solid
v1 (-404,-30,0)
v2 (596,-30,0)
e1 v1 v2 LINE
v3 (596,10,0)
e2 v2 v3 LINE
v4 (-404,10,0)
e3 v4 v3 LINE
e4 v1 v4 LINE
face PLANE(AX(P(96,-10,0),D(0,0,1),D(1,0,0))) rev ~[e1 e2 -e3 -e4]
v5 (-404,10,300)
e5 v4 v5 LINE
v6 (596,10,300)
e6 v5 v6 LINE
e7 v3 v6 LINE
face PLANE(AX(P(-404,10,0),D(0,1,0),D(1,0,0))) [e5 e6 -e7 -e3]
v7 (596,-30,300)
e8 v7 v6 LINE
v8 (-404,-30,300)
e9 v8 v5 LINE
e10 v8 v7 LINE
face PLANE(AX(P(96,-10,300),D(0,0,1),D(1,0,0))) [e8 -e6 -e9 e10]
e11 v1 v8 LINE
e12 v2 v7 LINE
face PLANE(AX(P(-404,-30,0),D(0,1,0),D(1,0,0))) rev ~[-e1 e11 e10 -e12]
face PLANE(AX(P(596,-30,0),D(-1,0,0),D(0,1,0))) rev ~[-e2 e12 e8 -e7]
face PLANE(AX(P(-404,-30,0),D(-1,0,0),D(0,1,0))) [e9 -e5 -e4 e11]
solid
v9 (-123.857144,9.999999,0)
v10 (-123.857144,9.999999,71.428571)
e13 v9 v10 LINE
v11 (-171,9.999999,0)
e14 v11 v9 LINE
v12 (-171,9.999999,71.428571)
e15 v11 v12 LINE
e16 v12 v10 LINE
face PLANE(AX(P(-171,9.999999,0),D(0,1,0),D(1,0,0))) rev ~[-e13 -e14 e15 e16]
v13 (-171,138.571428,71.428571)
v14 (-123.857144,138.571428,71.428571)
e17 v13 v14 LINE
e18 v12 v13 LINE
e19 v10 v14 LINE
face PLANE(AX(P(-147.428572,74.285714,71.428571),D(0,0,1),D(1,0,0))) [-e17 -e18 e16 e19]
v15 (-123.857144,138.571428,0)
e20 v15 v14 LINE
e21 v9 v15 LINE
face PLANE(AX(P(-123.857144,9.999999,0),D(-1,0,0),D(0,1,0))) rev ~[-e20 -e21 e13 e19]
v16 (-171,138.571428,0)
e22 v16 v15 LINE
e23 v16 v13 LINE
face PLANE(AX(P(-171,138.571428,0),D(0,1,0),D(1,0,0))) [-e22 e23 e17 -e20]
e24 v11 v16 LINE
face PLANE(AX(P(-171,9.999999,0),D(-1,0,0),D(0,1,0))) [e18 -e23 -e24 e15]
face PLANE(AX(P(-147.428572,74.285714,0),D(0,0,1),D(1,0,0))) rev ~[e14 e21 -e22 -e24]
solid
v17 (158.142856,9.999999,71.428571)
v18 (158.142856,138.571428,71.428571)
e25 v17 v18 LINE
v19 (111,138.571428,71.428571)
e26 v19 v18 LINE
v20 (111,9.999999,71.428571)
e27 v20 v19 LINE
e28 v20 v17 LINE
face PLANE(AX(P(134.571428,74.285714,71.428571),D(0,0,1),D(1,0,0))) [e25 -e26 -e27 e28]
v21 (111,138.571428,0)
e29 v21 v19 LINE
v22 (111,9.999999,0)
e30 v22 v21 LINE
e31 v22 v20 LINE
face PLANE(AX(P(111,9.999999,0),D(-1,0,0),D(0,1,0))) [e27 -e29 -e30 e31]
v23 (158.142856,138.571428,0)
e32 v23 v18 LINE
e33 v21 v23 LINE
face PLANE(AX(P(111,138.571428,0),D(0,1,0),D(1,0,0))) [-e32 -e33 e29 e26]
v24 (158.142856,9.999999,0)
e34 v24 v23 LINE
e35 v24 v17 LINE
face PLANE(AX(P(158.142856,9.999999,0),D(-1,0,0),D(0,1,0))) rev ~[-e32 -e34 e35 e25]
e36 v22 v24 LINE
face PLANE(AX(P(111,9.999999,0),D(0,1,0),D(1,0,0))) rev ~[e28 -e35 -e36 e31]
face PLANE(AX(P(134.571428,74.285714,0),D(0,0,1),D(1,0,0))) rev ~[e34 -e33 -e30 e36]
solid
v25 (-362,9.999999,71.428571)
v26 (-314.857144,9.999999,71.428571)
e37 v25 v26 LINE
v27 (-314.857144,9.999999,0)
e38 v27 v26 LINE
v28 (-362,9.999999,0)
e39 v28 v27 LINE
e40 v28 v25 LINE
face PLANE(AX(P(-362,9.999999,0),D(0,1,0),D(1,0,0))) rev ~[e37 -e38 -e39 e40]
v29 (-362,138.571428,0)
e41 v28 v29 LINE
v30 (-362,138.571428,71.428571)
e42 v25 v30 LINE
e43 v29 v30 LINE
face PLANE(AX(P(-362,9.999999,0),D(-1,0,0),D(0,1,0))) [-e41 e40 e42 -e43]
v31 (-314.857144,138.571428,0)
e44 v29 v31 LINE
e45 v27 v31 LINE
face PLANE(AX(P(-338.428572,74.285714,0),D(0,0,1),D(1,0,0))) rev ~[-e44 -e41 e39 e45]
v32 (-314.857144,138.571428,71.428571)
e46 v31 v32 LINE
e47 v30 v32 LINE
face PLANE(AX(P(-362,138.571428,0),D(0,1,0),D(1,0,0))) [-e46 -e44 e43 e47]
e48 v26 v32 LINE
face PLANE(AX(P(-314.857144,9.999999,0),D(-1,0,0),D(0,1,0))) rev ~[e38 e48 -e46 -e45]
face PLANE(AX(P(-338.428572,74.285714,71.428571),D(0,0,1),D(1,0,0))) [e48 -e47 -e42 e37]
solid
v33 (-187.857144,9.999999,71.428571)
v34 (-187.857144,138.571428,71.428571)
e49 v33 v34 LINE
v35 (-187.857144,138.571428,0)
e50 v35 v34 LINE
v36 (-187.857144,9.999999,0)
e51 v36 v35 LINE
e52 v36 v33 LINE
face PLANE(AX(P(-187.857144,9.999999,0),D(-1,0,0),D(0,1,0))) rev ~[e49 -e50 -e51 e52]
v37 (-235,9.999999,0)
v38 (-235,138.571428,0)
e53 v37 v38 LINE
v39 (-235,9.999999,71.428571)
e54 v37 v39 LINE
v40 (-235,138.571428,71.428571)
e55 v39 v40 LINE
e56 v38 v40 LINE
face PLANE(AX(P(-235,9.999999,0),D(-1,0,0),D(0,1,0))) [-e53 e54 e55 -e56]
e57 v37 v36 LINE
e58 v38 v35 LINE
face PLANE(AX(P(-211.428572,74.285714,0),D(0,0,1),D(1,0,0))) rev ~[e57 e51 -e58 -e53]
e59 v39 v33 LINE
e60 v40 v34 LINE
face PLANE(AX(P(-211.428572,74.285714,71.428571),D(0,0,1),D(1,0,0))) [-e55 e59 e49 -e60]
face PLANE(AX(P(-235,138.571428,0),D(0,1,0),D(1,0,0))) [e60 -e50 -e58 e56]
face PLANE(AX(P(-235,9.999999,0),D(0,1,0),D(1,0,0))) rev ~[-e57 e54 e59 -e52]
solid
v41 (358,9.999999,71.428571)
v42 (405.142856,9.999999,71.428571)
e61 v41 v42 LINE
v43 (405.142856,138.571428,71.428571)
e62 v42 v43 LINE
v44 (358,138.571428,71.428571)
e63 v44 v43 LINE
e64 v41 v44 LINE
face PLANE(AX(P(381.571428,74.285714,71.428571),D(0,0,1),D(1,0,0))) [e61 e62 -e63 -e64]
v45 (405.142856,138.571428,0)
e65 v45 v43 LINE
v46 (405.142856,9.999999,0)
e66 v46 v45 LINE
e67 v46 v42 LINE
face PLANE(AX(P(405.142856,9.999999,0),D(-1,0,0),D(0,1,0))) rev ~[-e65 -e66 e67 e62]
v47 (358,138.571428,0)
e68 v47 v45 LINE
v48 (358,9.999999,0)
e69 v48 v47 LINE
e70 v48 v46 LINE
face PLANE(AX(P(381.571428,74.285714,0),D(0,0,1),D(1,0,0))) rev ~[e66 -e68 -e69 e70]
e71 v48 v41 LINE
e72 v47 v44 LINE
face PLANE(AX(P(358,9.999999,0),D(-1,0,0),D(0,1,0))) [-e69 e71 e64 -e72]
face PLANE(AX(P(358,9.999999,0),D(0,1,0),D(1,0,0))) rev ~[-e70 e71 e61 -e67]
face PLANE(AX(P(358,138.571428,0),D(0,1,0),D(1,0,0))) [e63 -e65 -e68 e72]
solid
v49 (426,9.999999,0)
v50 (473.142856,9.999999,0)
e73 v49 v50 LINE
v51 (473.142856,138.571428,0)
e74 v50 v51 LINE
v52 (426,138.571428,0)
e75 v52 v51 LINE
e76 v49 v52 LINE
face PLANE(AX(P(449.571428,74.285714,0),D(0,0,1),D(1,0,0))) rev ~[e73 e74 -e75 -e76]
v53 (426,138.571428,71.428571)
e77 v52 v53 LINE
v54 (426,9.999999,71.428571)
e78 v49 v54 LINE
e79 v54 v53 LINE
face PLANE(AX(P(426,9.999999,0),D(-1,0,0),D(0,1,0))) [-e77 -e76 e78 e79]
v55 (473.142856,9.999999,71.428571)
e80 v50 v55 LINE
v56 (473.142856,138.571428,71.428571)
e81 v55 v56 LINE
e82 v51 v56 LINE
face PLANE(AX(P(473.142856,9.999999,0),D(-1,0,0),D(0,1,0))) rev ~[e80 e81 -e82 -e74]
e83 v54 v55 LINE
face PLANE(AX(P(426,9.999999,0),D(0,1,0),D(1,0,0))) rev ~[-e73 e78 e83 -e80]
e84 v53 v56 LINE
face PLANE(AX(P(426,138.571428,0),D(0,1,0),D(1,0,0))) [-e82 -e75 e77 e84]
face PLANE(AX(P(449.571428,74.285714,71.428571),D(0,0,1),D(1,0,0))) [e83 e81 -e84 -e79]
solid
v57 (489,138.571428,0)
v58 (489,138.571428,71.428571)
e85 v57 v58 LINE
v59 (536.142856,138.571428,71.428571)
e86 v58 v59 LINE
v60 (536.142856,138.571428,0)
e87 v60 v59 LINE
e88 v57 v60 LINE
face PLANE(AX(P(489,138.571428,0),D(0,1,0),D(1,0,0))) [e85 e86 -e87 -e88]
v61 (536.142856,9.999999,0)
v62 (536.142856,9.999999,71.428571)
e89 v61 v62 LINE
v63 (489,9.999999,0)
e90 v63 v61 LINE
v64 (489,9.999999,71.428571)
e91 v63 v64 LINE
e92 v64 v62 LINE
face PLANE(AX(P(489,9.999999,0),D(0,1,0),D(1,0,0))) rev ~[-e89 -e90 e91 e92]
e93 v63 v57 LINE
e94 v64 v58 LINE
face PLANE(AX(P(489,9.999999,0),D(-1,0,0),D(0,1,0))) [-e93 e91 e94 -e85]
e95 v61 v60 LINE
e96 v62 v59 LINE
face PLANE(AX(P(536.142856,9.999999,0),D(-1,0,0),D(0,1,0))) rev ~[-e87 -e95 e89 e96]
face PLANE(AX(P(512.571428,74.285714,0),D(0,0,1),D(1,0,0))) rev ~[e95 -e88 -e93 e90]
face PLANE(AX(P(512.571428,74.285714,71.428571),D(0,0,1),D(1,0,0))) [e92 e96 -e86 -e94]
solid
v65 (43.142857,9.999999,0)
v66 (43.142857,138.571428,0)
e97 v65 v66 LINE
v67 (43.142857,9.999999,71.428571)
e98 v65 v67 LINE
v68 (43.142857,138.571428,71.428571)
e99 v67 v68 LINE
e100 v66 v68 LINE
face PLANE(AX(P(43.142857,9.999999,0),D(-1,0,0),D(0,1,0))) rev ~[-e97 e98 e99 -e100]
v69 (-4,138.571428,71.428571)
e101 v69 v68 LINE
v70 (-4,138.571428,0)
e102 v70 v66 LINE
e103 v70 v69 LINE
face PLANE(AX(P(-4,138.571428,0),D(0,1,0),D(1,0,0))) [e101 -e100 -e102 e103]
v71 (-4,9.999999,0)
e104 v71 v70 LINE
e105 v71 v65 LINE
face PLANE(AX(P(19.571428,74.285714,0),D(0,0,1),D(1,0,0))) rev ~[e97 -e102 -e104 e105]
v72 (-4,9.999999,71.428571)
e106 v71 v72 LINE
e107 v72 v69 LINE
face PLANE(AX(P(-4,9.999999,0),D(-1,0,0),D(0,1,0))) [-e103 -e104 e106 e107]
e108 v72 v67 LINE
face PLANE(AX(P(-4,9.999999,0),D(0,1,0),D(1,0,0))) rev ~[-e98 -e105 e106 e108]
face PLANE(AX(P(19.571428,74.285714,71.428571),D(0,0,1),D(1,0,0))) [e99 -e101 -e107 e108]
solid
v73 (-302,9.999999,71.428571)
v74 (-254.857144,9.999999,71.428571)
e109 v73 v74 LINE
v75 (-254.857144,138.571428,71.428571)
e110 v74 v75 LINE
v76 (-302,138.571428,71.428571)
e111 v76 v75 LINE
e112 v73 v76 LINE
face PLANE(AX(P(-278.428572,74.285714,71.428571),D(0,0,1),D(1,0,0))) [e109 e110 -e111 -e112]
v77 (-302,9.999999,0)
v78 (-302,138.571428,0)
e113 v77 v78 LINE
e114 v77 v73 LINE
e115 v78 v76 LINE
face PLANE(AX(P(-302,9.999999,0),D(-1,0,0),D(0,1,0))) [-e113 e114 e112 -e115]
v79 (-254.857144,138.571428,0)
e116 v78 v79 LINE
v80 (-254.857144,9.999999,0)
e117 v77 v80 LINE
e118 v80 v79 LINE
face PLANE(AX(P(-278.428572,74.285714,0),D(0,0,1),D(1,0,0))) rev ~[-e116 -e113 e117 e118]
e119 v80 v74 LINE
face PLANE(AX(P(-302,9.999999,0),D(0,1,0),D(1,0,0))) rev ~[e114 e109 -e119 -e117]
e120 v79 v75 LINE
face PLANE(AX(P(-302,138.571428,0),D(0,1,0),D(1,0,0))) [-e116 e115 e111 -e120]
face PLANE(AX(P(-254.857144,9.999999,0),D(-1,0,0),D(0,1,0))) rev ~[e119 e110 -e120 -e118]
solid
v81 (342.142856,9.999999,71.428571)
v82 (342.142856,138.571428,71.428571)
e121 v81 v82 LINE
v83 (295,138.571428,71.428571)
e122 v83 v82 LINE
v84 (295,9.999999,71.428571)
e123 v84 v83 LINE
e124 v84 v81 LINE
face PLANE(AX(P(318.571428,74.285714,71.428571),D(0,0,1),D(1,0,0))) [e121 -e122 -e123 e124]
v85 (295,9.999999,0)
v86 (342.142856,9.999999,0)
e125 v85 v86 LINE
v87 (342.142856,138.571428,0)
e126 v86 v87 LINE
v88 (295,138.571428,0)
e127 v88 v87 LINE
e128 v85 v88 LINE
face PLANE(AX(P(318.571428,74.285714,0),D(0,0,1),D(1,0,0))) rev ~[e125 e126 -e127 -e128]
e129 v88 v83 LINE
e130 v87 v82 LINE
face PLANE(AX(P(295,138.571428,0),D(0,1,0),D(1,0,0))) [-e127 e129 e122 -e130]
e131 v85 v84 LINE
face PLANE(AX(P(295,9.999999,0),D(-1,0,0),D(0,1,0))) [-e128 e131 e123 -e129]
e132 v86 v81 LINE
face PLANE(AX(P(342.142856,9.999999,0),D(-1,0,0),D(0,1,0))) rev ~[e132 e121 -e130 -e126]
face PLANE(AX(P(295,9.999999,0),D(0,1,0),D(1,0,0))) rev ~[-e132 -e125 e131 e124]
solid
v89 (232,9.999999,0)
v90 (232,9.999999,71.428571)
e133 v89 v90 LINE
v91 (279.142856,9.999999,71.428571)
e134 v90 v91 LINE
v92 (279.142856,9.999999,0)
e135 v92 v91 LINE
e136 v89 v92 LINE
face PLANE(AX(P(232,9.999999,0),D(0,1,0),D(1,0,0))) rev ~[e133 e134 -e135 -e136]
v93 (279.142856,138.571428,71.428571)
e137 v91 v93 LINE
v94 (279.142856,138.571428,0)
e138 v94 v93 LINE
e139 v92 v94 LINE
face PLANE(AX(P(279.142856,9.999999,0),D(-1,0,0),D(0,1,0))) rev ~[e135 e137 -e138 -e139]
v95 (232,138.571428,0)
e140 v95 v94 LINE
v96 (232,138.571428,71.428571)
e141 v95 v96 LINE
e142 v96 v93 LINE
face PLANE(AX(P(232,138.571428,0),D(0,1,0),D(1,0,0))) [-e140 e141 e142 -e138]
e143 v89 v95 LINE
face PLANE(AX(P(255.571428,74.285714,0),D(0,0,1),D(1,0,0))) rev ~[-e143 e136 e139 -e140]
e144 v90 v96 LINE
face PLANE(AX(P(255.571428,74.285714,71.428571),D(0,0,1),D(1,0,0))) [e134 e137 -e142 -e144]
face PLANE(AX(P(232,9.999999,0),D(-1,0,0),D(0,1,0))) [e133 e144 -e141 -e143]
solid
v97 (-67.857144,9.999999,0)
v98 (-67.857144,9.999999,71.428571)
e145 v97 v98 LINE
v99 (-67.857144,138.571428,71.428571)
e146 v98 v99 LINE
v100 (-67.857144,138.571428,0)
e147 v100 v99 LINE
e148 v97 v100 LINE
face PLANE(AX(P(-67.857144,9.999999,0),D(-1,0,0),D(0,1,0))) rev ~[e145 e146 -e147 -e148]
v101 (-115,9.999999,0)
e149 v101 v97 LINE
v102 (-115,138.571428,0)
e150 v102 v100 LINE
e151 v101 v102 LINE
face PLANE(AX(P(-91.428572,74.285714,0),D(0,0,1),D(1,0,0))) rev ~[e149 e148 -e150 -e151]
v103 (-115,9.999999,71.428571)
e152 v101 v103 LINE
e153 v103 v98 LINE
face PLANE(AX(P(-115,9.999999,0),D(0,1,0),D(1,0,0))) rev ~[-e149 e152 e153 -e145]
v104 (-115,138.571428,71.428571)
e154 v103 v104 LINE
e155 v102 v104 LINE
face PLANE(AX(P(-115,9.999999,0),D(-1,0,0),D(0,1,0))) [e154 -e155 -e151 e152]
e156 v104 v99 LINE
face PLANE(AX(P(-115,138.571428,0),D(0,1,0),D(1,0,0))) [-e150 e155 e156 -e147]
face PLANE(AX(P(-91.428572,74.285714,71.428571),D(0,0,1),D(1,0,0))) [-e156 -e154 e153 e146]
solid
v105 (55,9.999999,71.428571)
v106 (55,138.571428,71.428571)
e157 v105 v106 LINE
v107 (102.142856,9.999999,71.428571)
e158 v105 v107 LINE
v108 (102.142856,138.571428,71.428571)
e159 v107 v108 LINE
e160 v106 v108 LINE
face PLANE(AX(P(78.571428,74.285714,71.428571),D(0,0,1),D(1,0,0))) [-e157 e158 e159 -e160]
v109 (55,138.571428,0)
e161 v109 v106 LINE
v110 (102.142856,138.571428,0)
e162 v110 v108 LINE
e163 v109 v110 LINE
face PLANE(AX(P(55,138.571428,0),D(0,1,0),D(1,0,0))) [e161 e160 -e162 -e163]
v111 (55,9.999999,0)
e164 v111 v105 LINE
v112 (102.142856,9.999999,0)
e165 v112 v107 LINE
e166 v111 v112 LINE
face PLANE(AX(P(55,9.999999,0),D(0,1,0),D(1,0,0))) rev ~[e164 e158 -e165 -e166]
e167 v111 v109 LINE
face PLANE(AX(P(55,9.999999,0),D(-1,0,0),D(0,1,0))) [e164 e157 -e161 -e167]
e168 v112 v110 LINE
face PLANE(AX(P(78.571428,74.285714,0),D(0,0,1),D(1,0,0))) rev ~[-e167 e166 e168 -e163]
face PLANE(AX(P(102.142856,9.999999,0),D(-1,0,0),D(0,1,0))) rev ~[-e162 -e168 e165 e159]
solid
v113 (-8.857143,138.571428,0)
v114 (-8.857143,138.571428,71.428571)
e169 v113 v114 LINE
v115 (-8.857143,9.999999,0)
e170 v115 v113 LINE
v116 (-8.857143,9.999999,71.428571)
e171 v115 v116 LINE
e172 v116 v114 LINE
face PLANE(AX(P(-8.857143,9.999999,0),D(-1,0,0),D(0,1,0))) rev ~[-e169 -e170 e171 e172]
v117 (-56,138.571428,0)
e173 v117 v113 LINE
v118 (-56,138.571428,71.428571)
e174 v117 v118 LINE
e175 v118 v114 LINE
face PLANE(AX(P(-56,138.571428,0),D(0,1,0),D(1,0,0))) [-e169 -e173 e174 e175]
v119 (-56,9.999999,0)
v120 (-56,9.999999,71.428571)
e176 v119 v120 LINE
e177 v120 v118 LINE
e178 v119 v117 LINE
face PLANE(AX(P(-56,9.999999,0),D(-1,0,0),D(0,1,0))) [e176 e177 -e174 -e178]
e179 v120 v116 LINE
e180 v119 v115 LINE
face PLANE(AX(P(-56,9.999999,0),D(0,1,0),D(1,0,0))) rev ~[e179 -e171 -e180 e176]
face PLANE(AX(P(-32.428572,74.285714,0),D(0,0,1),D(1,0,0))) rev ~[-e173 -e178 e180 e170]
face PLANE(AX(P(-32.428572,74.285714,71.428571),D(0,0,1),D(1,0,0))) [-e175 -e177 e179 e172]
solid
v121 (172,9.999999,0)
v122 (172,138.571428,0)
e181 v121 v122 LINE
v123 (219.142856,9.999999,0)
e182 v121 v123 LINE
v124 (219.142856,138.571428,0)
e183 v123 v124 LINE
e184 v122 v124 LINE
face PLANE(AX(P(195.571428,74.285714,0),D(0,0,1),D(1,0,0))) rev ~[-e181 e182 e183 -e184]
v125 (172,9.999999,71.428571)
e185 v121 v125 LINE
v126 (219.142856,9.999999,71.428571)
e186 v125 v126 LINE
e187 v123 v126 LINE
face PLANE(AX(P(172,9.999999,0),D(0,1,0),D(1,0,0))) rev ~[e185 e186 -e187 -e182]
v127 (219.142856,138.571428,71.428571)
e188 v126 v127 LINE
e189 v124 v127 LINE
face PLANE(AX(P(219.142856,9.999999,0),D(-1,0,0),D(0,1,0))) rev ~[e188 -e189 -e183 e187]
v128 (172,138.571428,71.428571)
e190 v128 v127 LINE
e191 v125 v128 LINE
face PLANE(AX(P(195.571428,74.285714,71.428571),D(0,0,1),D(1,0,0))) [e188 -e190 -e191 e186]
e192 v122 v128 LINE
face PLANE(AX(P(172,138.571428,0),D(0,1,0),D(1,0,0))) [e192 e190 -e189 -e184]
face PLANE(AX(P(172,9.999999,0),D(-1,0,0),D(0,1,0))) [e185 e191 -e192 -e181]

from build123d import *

# Parameters (mm, degrees)
BOX_W        = 1000
BOX_H        = 40
BOX_DEPTH    = 300
BOX001_W     = 47.142857
BOX001_H     = 128.571429
BOX001_DEPTH = 71.428571
BOX002_W     = 47.142857
BOX002_H     = 128.571429
BOX002_DEPTH = 71.428571
BOX003_W     = 47.142857
BOX003_H     = 128.571429
BOX003_DEPTH = 71.428571
BOX004_W     = 47.142857
BOX004_H     = 128.571429
BOX004_DEPTH = 71.428571
BOX005_W     = 47.142857
BOX005_H     = 128.571429
BOX005_DEPTH = 71.428571
BOX006_W     = 47.142857
BOX006_H     = 128.571429
BOX006_DEPTH = 71.428571
BOX007_W     = 47.142857
BOX007_H     = 128.571429
BOX007_DEPTH = 71.428571
BOX008_W     = 47.142857
BOX008_H     = 128.571429
BOX008_DEPTH = 71.428571
BOX009_W     = 47.142857
BOX009_H     = 128.571429
BOX009_DEPTH = 71.428571
BOX010_W     = 47.142857
BOX010_H     = 128.571429
BOX010_DEPTH = 71.428571
BOX011_W     = 47.142857
BOX011_H     = 128.571429
BOX011_DEPTH = 71.428571
BOX012_W     = 47.142857
BOX012_H     = 128.571429
BOX012_DEPTH = 71.428571
BOX013_W     = 47.142857
BOX013_H     = 128.571429
BOX013_DEPTH = 71.428571
BOX014_W     = 47.142857
BOX014_H     = 128.571429
BOX014_DEPTH = 71.428571
BOX015_W     = 47.142857
BOX015_H     = 128.571429
BOX015_DEPTH = 71.428571


with BuildPart() as stand:
    # Box → Box (new body)
    with BuildSketch(Plane(origin=(-404, -30, 0), x_dir=(1, 0, 0), z_dir=(0, 0, 1))):
        with Locations((500, 20)):
            Rectangle(BOX_W, BOX_H)
    extrude(amount=BOX_DEPTH)


with BuildPart() as box001:
    # Box001 → Box001 (new body)
    with BuildSketch(Plane(origin=(-362, 10, 0), x_dir=(1, 0, 0), z_dir=(0, 0, 1))):
        with Locations((23.571428, 64.285714)):
            Rectangle(BOX001_W, BOX001_H)
    extrude(amount=BOX001_DEPTH)


with BuildPart() as box002:
    # Box002 → Box002 (new body)
    with BuildSketch(Plane(origin=(-302, 10, 0), x_dir=(1, 0, 0), z_dir=(0, 0, 1))):
        with Locations((23.571428, 64.285714)):
            Rectangle(BOX002_W, BOX002_H)
    extrude(amount=BOX002_DEPTH)


with BuildPart() as box003:
    # Box003 → Box003 (new body)
    with BuildSketch(Plane(origin=(-235, 10, 0), x_dir=(1, 0, 0), z_dir=(0, 0, 1))):
        with Locations((23.571428, 64.285714)):
            Rectangle(BOX003_W, BOX003_H)
    extrude(amount=BOX003_DEPTH)


with BuildPart() as box004:
    # Box004 → Box004 (new body)
    with BuildSketch(Plane(origin=(-171, 10, 0), x_dir=(1, 0, 0), z_dir=(0, 0, 1))):
        with Locations((23.571428, 64.285714)):
            Rectangle(BOX004_W, BOX004_H)
    extrude(amount=BOX004_DEPTH)


with BuildPart() as box005:
    # Box005 → Box005 (new body)
    with BuildSketch(Plane(origin=(-115, 10, 0), x_dir=(1, 0, 0), z_dir=(0, 0, 1))):
        with Locations((23.571428, 64.285714)):
            Rectangle(BOX005_W, BOX005_H)
    extrude(amount=BOX005_DEPTH)


with BuildPart() as box006:
    # Box006 → Box006 (new body)
    with BuildSketch(Plane(origin=(-56, 10, 0), x_dir=(1, 0, 0), z_dir=(0, 0, 1))):
        with Locations((23.571428, 64.285714)):
            Rectangle(BOX006_W, BOX006_H)
    extrude(amount=BOX006_DEPTH)


with BuildPart() as box007:
    # Box007 → Box007 (new body)
    with BuildSketch(Plane(origin=(-4, 10, 0), x_dir=(1, 0, 0), z_dir=(0, 0, 1))):
        with Locations((23.571428, 64.285714)):
            Rectangle(BOX007_W, BOX007_H)
    extrude(amount=BOX007_DEPTH)


with BuildPart() as box008:
    # Box008 → Box008 (new body)
    with BuildSketch(Plane(origin=(55, 10, 0), x_dir=(1, 0, 0), z_dir=(0, 0, 1))):
        with Locations((23.571428, 64.285714)):
            Rectangle(BOX008_W, BOX008_H)
    extrude(amount=BOX008_DEPTH)


with BuildPart() as box009:
    # Box009 → Box009 (new body)
    with BuildSketch(Plane(origin=(111, 10, 0), x_dir=(1, 0, 0), z_dir=(0, 0, 1))):
        with Locations((23.571428, 64.285714)):
            Rectangle(BOX009_W, BOX009_H)
    extrude(amount=BOX009_DEPTH)


with BuildPart() as box010:
    # Box010 → Box010 (new body)
    with BuildSketch(Plane(origin=(172, 10, 0), x_dir=(1, 0, 0), z_dir=(0, 0, 1))):
        with Locations((23.571428, 64.285714)):
            Rectangle(BOX010_W, BOX010_H)
    extrude(amount=BOX010_DEPTH)


with BuildPart() as box011:
    # Box011 → Box011 (new body)
    with BuildSketch(Plane(origin=(232, 10, 0), x_dir=(1, 0, 0), z_dir=(0, 0, 1))):
        with Locations((23.571428, 64.285714)):
            Rectangle(BOX011_W, BOX011_H)
    extrude(amount=BOX011_DEPTH)


with BuildPart() as box012:
    # Box012 → Box012 (new body)
    with BuildSketch(Plane(origin=(295, 10, 0), x_dir=(1, 0, 0), z_dir=(0, 0, 1))):
        with Locations((23.571428, 64.285714)):
            Rectangle(BOX012_W, BOX012_H)
    extrude(amount=BOX012_DEPTH)


with BuildPart() as box013:
    # Box013 → Box013 (new body)
    with BuildSketch(Plane(origin=(358, 10, 0), x_dir=(1, 0, 0), z_dir=(0, 0, 1))):
        with Locations((23.571428, 64.285714)):
            Rectangle(BOX013_W, BOX013_H)
    extrude(amount=BOX013_DEPTH)


with BuildPart() as box014:
    # Box014 → Box014 (new body)
    with BuildSketch(Plane(origin=(426, 10, 0), x_dir=(1, 0, 0), z_dir=(0, 0, 1))):
        with Locations((23.571428, 64.285714)):
            Rectangle(BOX014_W, BOX014_H)
    extrude(amount=BOX014_DEPTH)


with BuildPart() as box015:
    # Box015 → Box015 (new body)
    with BuildSketch(Plane(origin=(489, 10, 0), x_dir=(1, 0, 0), z_dir=(0, 0, 1))):
        with Locations((23.571428, 64.285714)):
            Rectangle(BOX015_W, BOX015_H)
    extrude(amount=BOX015_DEPTH)


solid = Compound([stand.part, box001.part, box002.part, box003.part, box004.part, box005.part, box006.part, box007.part, box008.part, box009.part, box010.part, box011.part, box012.part, box013.part, box014.part, box015.part])
